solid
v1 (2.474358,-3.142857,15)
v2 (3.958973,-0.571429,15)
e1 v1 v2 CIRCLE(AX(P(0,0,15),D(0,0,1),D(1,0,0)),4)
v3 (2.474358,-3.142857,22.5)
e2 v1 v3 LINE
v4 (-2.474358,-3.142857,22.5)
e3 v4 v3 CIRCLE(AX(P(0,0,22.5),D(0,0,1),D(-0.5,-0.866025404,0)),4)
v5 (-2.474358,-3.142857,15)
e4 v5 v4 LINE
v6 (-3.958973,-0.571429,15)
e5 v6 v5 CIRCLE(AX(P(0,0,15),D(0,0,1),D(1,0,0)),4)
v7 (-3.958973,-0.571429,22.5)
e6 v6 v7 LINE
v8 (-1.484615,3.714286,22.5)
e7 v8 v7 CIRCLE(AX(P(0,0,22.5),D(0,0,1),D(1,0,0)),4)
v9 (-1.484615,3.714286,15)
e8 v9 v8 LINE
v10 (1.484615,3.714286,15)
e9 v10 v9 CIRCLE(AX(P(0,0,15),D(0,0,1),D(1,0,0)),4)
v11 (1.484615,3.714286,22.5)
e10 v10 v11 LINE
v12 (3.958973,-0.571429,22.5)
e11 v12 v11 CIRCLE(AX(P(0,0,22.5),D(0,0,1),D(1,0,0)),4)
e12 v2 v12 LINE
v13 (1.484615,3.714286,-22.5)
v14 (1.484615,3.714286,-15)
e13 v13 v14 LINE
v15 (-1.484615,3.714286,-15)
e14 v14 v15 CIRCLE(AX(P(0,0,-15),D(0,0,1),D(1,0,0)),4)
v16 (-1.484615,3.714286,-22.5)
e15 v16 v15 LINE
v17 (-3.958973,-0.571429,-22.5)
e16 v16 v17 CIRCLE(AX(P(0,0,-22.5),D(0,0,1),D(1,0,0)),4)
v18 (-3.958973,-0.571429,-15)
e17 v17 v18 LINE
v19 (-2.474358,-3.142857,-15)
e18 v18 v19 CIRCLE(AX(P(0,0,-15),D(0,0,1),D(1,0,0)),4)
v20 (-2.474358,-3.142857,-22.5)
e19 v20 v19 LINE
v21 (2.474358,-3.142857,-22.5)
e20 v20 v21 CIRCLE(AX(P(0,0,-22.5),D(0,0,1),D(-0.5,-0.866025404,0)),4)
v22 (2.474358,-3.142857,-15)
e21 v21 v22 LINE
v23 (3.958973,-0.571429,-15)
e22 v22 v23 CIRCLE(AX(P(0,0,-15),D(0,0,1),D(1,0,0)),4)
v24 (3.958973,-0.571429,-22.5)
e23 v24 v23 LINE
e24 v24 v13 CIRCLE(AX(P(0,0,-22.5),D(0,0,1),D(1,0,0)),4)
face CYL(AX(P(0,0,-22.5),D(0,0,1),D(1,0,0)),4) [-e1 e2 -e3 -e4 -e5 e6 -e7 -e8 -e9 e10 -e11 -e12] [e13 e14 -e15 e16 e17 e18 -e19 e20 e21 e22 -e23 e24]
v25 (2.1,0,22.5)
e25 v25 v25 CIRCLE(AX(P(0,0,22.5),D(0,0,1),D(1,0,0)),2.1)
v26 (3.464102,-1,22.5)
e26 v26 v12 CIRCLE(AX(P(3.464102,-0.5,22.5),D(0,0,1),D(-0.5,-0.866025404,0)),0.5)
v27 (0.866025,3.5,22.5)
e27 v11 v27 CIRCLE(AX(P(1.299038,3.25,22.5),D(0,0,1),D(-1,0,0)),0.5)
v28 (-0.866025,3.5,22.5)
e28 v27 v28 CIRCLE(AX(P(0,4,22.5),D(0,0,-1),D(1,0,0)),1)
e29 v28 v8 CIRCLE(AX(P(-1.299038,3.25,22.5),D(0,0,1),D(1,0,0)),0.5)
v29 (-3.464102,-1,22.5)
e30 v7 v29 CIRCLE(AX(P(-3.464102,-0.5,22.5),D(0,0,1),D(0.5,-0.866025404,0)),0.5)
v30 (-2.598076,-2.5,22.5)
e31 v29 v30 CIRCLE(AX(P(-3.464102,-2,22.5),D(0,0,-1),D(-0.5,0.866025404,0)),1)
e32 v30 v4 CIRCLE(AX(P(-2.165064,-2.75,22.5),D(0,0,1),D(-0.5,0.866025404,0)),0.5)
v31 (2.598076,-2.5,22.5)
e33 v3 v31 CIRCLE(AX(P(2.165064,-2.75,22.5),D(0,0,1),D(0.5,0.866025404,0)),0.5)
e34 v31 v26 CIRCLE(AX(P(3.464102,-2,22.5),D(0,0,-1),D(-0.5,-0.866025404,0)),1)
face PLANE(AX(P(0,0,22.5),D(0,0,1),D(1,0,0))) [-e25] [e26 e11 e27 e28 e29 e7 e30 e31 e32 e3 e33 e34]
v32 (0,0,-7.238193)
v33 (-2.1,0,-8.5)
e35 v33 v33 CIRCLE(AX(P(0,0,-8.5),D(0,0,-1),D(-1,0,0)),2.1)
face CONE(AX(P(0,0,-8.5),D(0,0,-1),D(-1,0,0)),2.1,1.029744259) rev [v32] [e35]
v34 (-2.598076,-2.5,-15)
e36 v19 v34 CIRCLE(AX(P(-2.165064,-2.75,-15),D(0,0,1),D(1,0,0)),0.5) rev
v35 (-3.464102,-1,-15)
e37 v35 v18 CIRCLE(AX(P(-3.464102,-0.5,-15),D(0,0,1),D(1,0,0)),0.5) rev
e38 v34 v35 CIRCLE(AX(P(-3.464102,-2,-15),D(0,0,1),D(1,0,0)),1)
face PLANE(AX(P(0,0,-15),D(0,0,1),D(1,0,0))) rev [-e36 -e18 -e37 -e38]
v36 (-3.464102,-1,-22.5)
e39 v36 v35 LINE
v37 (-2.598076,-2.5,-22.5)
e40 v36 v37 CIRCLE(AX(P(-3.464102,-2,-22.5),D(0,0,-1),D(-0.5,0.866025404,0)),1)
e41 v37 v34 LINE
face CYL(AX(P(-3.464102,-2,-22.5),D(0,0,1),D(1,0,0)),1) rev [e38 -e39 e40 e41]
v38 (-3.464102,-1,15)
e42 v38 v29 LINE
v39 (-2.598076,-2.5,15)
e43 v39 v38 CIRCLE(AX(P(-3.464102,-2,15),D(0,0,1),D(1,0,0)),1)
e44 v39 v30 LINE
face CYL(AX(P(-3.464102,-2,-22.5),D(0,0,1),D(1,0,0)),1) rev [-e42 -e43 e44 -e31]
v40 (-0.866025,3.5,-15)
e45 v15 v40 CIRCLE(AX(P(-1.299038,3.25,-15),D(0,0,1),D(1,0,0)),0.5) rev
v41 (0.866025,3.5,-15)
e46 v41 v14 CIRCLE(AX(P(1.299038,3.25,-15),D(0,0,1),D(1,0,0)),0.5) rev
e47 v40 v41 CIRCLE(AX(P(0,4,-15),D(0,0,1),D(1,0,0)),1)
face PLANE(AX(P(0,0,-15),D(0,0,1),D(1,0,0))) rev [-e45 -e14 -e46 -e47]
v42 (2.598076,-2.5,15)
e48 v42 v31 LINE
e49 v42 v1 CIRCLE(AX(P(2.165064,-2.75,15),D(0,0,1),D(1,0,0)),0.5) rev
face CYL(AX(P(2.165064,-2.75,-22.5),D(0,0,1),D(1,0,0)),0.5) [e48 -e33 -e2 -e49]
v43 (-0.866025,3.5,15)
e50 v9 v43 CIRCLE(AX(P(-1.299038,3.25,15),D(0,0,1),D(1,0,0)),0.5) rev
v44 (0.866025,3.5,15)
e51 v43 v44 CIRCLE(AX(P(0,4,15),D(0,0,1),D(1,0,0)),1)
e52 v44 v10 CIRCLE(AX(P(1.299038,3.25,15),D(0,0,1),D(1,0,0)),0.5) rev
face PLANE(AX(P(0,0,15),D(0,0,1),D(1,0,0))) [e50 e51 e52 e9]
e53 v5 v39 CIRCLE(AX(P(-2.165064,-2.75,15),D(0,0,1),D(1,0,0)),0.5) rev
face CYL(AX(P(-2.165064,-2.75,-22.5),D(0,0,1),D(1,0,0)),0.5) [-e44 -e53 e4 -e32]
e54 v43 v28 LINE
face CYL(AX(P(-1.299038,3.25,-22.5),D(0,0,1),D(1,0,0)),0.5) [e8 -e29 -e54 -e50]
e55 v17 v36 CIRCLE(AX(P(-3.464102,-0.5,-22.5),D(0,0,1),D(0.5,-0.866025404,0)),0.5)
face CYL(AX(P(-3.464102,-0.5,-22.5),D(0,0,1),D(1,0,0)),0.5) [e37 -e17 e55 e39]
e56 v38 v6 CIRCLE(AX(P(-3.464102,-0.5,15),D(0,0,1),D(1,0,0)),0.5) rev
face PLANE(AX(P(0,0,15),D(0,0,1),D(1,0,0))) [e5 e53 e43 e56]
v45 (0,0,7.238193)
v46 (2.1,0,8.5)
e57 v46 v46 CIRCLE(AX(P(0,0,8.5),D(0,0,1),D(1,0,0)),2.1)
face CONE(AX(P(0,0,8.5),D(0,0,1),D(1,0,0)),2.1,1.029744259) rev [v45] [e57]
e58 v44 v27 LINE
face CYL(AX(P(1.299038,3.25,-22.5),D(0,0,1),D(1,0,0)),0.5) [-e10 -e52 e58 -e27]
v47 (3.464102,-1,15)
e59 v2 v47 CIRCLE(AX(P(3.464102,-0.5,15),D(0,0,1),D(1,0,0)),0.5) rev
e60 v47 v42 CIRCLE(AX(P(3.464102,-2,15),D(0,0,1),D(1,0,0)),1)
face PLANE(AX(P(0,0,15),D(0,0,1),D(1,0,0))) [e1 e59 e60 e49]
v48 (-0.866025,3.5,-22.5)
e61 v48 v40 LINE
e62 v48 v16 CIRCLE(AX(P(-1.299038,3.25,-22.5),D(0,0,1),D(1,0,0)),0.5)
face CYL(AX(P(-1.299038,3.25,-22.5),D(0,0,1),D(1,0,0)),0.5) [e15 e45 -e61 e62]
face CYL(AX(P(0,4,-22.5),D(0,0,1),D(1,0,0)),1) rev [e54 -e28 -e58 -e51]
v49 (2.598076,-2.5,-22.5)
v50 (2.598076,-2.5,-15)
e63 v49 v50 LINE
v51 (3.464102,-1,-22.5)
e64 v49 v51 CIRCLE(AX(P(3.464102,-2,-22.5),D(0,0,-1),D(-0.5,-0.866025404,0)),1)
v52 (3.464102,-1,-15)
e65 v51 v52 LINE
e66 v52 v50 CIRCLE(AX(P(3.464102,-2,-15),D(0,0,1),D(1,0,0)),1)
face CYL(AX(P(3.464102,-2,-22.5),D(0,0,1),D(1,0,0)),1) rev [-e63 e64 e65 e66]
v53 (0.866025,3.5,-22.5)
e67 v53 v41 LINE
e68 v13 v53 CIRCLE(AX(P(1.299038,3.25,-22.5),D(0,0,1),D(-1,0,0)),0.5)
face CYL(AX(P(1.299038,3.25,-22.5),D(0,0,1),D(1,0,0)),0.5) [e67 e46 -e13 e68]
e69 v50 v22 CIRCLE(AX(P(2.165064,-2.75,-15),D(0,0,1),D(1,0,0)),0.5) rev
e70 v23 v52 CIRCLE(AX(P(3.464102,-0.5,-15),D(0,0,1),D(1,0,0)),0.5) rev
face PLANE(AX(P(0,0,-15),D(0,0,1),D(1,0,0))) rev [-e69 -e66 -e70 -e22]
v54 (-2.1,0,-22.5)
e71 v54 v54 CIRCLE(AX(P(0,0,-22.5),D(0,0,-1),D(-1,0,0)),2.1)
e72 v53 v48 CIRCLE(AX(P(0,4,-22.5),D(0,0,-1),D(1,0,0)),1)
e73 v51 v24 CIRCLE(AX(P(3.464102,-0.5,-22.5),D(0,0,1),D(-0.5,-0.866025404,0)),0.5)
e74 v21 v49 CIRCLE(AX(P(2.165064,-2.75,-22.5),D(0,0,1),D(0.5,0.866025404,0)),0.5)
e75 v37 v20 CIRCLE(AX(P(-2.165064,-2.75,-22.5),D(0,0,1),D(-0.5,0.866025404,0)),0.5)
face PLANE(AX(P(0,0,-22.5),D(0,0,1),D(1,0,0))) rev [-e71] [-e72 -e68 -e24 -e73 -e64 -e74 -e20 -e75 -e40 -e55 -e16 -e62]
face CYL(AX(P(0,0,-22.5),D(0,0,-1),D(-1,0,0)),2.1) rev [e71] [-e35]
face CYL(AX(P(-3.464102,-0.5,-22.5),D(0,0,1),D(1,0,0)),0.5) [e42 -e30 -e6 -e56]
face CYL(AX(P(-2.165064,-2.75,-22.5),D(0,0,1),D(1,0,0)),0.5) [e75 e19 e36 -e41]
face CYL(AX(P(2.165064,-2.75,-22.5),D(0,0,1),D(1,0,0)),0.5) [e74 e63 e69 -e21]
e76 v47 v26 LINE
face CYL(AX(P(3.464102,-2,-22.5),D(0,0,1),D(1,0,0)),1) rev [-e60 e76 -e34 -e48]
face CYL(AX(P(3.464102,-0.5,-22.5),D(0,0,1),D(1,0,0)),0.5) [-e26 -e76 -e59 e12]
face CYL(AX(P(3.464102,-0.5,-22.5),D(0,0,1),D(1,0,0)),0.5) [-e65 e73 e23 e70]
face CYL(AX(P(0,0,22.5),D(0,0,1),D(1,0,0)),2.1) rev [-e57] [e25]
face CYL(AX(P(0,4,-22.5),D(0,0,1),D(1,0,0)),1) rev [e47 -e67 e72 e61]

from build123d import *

# Parameters (mm, degrees)
BOSS_EXTRU_1_DEPTH           = 22.5
R_P_TITION_CIRCULAIRE2_COUNT = 3
TROU_TARAUD_M51_D            = 4.2
TROU_TARAUD_M51_DEPTH        = 14
TROU_TARAUD_M51_TIP          = 1.2618073
TROU_TARAUD_M52_D            = 4.2
TROU_TARAUD_M52_DEPTH        = 14
TROU_TARAUD_M52_TIP          = 1.2618073
ESQUISSE6_R                  = 4
ESQUISSE6_R_2                = 2.807618462
BOSS_EXTRU_2_DEPTH           = 15


with BuildPart() as part:
    # Esquisse1 → Boss.-Extru.1 (new body, symmetric)
    with BuildSketch(Plane.XY):
        with BuildLine():
            Line((0, 0), (-3.464101615, 2))
            ThreePointArc((-3.464101615, 2), (-2.618614683, 3.023715784), (-1.484614978, 3.714285714))
            ThreePointArc((-1.484614978, 3.714285714), (-1.135374688, 3.722455591), (-0.866025404, 3.5))
            ThreePointArc((-0.866025404, 3.5), (0, 3), (0.866025404, 3.5))
            ThreePointArc((0.866025404, 3.5), (1.135374688, 3.722455591), (1.484614978, 3.714285714))
            ThreePointArc((1.484614978, 3.714285714), (2.618614683, 3.023715784), (3.464101615, 2))
            Line((3.464101615, 2), (0, 0))
        make_face()
    boss_extru_1 = extrude(amount=BOSS_EXTRU_1_DEPTH, both=True)

    # R_p_tition circulaire2: Boss.-Extru.1 ×3 about axis
    r_p_tition_circulaire2_axis = Axis((0, 0, 0), (0, 0, 1))
    for i in range(1, R_P_TITION_CIRCULAIRE2_COUNT):
        add(boss_extru_1.rotate(r_p_tition_circulaire2_axis, i * 360 / R_P_TITION_CIRCULAIRE2_COUNT))

    # Trou taraud_ M51
    with Locations(Plane(origin=(0, 0, -22.5), x_dir=(-1, 0, 0), z_dir=(0, 0, -1))):
        with Locations((0, 0)):
            Hole(TROU_TARAUD_M51_D / 2, depth=TROU_TARAUD_M51_DEPTH)
            with Locations((0, 0, -(TROU_TARAUD_M51_DEPTH + TROU_TARAUD_M51_TIP / 2))):  # 118° drill point
                Cone(0, TROU_TARAUD_M51_D / 2, TROU_TARAUD_M51_TIP, mode=Mode.SUBTRACT)

    # Trou taraud_ M52
    with Locations(Plane.XY.offset(22.5)):
        with Locations((0, 0)):
            Hole(TROU_TARAUD_M52_D / 2, depth=TROU_TARAUD_M52_DEPTH)
            with Locations((0, 0, -(TROU_TARAUD_M52_DEPTH + TROU_TARAUD_M52_TIP / 2))):  # 118° drill point
                Cone(0, TROU_TARAUD_M52_D / 2, TROU_TARAUD_M52_TIP, mode=Mode.SUBTRACT)

    # Esquisse6 → Boss.-Extru.2 (add, symmetric)
    with BuildSketch(Plane.XY):
        with Locations(Location((0, 0, 0), (0, 0, 351.786789298))):  # turned: the seam where the file's is
            Circle(ESQUISSE6_R)
        Circle(ESQUISSE6_R_2, mode=Mode.SUBTRACT)
    extrude(amount=BOSS_EXTRU_2_DEPTH, both=True)


solid = part.part
